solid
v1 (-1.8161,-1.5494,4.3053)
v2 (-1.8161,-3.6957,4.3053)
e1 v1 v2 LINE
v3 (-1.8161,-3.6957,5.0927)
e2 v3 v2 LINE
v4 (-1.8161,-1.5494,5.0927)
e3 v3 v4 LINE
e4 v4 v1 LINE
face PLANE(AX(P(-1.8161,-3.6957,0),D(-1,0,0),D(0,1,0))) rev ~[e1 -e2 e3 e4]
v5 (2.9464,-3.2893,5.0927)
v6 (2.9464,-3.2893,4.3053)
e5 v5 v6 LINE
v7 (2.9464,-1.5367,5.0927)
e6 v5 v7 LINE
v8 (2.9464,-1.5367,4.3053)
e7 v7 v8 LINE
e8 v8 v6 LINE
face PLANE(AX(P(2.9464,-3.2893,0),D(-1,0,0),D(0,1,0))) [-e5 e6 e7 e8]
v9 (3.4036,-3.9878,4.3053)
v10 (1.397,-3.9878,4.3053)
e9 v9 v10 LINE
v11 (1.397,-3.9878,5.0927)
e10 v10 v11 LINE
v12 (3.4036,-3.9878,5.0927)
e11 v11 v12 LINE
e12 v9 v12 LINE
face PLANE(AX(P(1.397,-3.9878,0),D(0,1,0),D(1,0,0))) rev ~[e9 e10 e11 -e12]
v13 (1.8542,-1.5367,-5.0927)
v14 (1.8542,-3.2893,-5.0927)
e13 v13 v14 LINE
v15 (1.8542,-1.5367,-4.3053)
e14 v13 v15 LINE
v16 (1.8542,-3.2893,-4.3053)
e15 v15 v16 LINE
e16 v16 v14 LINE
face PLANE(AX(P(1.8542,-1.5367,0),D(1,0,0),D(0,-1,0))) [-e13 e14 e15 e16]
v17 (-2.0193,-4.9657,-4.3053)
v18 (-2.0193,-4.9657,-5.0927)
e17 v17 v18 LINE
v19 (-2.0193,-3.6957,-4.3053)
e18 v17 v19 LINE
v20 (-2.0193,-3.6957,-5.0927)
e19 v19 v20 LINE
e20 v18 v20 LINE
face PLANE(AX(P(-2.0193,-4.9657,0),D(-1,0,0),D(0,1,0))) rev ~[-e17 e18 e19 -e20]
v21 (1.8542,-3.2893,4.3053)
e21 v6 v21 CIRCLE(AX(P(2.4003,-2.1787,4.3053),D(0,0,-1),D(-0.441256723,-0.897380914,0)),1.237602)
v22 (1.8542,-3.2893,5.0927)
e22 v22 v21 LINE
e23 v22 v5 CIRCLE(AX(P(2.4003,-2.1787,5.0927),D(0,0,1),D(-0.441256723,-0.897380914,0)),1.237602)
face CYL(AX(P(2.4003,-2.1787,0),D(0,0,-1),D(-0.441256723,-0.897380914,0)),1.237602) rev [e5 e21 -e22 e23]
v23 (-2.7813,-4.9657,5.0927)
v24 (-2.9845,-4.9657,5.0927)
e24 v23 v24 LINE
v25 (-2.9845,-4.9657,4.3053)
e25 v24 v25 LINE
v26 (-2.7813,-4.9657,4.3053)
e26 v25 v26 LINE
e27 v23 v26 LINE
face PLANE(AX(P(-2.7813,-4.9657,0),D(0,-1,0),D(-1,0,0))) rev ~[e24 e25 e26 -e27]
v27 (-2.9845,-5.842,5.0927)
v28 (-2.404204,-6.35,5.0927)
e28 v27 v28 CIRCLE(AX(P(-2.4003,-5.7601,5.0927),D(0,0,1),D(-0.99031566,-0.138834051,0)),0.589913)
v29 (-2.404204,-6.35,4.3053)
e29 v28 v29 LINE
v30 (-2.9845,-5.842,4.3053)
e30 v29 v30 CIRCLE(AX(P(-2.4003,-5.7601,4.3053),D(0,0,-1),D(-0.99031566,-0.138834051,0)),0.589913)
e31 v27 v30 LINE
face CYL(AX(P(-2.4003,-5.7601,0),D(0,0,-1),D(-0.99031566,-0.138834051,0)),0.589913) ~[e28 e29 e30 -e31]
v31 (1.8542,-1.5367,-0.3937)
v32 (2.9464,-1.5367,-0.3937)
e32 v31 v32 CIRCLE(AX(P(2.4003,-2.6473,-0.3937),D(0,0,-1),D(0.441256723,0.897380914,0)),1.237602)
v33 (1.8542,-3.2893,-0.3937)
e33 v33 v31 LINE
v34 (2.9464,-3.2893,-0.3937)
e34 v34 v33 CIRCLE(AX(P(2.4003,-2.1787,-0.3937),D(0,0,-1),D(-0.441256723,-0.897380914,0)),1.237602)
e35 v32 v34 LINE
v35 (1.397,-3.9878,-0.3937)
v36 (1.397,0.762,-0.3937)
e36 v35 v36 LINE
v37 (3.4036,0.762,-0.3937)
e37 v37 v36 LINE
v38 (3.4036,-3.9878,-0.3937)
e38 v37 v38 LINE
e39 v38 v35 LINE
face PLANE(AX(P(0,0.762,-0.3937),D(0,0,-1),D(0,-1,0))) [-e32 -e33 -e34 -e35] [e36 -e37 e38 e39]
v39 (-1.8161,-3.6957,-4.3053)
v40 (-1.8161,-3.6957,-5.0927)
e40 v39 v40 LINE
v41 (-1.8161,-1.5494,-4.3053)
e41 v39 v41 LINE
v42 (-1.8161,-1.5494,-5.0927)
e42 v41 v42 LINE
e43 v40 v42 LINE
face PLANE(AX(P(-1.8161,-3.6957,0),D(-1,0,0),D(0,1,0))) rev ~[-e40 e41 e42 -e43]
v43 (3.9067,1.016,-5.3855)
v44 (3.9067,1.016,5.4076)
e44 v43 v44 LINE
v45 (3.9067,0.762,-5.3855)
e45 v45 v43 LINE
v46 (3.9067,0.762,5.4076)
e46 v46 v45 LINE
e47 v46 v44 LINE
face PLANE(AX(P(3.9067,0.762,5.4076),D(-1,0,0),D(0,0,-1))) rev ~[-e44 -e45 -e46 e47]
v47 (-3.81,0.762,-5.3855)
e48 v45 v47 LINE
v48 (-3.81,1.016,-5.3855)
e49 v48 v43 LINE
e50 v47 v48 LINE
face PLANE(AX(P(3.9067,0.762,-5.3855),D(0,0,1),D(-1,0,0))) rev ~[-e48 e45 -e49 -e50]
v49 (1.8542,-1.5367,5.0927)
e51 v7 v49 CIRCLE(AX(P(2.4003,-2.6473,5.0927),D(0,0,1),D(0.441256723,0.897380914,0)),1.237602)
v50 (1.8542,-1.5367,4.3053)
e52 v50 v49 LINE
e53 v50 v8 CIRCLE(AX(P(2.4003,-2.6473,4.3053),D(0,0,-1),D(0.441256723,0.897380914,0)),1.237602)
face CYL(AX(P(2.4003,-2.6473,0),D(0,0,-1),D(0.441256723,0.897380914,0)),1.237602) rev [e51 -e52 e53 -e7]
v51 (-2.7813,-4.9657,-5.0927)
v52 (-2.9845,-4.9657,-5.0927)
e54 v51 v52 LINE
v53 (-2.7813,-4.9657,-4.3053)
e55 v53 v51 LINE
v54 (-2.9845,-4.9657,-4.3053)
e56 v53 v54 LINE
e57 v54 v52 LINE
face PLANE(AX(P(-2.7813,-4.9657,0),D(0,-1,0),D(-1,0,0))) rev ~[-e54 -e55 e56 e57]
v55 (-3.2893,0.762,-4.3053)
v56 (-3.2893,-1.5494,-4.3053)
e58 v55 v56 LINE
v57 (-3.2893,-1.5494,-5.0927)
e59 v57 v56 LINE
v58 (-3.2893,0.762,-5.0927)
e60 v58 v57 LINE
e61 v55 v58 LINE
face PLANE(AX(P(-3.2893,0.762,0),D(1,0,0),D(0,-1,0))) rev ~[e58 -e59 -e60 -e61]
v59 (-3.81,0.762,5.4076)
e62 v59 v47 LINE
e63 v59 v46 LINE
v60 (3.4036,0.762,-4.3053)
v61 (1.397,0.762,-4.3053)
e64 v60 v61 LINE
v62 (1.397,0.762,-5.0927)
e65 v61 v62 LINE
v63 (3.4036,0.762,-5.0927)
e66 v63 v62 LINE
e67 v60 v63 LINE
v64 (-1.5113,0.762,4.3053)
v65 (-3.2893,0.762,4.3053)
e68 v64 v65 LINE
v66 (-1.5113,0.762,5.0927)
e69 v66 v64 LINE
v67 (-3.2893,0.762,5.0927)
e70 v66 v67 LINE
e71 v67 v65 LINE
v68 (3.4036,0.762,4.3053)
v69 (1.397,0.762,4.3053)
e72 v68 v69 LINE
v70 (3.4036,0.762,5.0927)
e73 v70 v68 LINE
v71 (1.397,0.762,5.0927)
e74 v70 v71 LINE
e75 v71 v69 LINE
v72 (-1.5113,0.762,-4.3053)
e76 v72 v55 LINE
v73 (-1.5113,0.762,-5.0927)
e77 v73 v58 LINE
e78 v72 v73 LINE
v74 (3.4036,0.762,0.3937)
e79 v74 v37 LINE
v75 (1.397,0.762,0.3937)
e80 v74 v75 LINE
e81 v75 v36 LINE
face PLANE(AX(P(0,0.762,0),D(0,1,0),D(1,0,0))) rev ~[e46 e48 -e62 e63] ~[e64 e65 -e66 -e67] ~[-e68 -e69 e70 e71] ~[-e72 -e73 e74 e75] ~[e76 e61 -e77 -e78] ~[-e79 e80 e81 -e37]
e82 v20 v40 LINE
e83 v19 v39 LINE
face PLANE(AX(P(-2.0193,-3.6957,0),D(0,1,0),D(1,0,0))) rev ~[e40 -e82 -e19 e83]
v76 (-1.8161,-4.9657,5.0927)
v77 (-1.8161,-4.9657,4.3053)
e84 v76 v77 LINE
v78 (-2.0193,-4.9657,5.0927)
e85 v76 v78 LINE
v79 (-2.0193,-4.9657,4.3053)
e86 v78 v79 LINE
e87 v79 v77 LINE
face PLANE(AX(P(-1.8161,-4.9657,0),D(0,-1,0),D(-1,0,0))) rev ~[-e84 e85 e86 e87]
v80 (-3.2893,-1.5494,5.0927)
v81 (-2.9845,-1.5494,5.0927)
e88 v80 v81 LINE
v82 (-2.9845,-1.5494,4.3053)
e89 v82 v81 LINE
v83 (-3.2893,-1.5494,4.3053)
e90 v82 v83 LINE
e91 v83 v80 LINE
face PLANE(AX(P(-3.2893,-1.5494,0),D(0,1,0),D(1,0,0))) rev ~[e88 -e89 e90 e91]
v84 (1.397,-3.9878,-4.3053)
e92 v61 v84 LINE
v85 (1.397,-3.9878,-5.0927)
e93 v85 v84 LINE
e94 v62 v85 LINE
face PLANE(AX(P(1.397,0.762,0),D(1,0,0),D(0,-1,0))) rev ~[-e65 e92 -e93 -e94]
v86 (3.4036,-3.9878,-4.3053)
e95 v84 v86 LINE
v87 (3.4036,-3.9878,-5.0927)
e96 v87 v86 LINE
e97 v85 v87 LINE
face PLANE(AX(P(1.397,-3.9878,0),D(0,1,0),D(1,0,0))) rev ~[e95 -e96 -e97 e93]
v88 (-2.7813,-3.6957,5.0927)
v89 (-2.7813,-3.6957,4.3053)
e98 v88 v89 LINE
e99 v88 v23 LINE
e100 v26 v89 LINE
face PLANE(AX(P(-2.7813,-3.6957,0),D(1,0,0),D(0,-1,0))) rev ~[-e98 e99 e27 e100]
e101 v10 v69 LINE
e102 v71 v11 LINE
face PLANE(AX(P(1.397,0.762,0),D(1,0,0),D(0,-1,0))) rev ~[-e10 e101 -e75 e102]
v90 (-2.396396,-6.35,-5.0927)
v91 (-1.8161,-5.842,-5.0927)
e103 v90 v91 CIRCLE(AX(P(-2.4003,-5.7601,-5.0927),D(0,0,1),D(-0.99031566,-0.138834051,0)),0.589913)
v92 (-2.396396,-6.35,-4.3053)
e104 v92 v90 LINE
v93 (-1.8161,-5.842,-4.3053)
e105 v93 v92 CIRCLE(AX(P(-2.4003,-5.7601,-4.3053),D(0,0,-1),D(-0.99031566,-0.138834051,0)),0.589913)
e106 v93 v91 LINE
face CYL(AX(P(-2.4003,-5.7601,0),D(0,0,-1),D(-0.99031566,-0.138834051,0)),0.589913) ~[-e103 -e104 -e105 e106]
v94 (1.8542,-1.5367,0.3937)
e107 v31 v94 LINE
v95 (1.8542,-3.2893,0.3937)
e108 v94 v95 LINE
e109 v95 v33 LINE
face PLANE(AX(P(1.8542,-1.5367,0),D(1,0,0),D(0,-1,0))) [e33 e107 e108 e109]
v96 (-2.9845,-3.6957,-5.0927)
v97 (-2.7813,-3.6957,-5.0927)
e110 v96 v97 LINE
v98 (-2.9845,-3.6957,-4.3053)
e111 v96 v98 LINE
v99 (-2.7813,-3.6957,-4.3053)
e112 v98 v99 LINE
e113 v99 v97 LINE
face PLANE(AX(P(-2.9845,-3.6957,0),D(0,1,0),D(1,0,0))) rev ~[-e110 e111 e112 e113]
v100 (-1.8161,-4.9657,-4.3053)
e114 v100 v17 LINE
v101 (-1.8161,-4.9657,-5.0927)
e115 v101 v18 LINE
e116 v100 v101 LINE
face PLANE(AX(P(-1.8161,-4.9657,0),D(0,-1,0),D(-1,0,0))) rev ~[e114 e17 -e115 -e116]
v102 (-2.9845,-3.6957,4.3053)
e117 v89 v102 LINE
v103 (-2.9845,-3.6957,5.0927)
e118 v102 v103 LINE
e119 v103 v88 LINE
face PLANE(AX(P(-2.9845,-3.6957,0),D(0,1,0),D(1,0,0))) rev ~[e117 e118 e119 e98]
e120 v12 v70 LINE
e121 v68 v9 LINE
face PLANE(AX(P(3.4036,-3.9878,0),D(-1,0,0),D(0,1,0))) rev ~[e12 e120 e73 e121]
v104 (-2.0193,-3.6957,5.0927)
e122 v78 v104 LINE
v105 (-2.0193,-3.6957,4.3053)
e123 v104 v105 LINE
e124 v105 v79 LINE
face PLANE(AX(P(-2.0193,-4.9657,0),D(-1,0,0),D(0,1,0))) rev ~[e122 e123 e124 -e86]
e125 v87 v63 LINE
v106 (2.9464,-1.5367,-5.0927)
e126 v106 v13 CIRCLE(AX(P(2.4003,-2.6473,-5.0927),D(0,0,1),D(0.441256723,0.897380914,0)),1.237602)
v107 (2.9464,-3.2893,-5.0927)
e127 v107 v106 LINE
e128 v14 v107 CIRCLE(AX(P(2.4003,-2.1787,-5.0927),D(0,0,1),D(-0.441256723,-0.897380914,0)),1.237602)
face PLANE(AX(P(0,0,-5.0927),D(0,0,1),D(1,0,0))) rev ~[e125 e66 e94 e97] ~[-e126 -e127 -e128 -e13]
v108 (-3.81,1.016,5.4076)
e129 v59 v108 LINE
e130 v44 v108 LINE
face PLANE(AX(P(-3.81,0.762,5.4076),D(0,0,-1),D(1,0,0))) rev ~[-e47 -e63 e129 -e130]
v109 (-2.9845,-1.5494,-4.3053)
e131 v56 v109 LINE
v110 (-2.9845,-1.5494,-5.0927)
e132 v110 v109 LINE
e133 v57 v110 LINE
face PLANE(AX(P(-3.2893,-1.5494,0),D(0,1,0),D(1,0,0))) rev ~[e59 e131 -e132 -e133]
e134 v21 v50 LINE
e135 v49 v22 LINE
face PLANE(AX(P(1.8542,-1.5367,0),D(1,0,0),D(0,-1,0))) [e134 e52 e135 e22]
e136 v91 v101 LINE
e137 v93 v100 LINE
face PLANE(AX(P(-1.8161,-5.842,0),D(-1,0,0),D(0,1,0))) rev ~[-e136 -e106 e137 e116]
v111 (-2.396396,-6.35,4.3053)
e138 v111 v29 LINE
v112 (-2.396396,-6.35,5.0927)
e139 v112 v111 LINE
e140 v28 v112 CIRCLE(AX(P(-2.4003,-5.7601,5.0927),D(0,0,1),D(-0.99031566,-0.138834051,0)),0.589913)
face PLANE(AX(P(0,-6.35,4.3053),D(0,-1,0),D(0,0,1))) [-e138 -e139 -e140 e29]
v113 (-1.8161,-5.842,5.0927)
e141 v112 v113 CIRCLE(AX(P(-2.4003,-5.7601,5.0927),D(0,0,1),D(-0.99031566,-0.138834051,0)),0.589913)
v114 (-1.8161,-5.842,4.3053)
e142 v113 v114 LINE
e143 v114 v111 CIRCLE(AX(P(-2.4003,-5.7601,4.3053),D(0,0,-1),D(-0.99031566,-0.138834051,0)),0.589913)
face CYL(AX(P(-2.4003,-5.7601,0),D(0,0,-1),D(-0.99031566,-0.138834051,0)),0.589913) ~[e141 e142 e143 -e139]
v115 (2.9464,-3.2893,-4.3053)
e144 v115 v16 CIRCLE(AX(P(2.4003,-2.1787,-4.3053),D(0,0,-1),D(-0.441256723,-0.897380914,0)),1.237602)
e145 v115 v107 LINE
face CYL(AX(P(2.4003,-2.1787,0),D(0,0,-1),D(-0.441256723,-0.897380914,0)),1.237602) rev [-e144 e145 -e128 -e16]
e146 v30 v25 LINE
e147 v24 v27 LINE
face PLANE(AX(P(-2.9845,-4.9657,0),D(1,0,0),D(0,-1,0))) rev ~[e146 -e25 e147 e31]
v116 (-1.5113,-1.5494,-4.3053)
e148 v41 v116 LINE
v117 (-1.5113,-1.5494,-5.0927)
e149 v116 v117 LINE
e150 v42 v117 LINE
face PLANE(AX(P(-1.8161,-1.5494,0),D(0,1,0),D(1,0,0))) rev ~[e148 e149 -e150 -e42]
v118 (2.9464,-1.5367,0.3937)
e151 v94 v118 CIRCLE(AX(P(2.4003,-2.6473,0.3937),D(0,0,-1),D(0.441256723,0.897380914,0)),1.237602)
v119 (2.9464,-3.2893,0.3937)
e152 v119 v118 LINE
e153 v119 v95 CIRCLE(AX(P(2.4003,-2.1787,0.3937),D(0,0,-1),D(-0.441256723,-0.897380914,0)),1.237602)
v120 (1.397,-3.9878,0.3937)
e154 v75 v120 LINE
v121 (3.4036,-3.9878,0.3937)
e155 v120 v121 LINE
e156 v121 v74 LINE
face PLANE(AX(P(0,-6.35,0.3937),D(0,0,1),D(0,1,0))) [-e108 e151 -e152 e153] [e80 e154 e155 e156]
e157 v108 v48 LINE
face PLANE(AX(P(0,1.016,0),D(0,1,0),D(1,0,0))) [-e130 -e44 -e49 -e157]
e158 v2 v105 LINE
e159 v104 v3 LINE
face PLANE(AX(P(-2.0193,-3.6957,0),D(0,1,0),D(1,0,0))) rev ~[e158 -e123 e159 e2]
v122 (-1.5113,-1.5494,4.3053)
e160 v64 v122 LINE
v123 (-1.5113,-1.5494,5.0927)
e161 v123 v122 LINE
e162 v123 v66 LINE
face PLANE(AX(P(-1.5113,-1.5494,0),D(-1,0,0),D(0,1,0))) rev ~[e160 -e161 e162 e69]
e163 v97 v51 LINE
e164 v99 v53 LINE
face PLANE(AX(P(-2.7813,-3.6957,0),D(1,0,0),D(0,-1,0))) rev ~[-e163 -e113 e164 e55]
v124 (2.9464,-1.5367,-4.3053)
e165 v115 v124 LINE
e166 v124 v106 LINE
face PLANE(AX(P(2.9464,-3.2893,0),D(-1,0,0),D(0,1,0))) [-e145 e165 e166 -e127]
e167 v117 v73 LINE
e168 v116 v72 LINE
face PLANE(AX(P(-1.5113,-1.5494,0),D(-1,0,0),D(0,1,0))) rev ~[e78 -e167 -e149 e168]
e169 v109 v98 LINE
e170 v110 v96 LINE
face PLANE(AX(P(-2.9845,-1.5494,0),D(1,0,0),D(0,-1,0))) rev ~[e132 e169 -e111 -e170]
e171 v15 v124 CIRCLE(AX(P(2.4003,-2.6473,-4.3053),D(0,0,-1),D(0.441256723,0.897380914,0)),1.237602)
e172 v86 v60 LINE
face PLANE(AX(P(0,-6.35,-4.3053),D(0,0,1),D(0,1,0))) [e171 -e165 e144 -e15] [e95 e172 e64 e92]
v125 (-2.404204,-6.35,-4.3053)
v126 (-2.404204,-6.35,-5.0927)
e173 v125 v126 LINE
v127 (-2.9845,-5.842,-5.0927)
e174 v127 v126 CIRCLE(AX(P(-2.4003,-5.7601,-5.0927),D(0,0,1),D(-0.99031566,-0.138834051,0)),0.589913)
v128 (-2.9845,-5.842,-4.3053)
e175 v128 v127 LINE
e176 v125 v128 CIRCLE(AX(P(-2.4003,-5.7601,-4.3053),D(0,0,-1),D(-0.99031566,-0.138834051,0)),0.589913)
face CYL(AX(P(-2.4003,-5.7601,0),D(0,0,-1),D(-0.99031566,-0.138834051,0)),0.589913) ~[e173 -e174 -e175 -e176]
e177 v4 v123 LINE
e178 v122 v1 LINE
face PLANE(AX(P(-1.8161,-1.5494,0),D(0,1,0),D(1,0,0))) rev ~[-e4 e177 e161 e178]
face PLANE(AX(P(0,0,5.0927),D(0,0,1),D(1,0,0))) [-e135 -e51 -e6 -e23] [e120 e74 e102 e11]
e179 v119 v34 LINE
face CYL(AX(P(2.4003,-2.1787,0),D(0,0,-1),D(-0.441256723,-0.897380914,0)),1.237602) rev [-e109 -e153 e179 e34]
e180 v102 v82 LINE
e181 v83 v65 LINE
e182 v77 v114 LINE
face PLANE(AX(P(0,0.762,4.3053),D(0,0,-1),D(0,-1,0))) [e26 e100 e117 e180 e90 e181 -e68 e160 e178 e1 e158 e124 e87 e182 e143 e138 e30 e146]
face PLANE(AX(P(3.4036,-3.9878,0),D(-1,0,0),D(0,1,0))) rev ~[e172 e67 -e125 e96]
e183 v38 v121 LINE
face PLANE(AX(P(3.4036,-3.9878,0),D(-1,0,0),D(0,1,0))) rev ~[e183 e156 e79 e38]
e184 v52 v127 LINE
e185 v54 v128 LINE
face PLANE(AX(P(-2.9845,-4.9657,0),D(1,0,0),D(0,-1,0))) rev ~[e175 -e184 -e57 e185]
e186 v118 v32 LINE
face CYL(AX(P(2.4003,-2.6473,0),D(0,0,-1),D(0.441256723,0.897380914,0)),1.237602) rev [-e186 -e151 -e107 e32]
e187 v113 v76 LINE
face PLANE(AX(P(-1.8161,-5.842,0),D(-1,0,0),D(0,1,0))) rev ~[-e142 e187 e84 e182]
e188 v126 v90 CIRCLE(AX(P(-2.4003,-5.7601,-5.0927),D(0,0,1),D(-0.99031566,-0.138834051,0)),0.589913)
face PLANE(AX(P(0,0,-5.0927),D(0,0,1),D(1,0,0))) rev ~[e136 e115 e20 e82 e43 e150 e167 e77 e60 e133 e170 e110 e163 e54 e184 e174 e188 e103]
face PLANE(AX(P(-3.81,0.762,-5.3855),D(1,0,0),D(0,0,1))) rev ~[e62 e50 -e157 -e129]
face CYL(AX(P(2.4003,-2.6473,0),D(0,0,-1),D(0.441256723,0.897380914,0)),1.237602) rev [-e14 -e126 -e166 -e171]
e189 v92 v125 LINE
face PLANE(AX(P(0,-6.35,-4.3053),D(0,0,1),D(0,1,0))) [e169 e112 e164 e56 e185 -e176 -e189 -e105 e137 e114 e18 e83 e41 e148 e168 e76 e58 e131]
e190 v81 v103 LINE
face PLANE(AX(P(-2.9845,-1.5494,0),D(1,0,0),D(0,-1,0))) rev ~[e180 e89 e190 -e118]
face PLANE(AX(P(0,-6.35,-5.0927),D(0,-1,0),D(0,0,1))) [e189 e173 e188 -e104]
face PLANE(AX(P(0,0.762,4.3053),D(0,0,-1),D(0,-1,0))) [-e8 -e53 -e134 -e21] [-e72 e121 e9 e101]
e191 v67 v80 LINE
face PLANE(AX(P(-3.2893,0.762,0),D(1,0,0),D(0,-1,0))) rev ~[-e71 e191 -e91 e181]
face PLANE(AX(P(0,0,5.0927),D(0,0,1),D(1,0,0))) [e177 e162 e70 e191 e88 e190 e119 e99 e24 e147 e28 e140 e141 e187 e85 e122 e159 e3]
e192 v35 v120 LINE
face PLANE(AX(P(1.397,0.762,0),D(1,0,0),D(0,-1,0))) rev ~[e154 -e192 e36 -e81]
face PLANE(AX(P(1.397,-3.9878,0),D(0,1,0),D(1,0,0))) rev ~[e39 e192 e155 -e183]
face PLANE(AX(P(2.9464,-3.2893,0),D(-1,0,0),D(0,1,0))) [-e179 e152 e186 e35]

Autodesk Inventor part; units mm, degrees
sketch "Sketch_1" plane through (0, 0.762, 0) normal (0, 1, 0) x (1, 0, 0)
  line L0 (-6.096, 6.096) -> (-6.096, -6.096)
  line L1 (-6.096, -6.096) -> (6.096, -6.096)
  line L2 (6.096, -6.096) -> (6.096, 6.096)
  line L3 (6.096, 6.096) -> (-6.096, 6.096)
extrude "Extrusion1" add sketch "Sketch_1" along normal blind 0.254
sketch "Sketch_2" plane through (0, 0, 0) normal (0, 0, 1) x (1, 0, 0)
  line L0 (1.397, -3.9878) -> (3.4036, -3.9878)
  line L1 (3.4036, -3.9878) -> (3.4036, 0.762)
  line L2 (3.4036, 0.762) -> (1.397, 0.762)
  line L3 (1.397, 0.762) -> (1.397, -3.9878)
  line L4 (1.8542, -1.5367) -> (1.8542, -3.2893)
  arc A0 (1.8542, -3.2893) -> (2.9464, -3.2893) centre (2.4003, -2.1787) ccw
  line L5 (2.9464, -3.2893) -> (2.9464, -1.5367)
  arc A1 (2.9464, -1.5367) -> (1.8542, -1.5367) centre (2.4003, -2.6473) ccw
extrude "Extrusion2" add sketch "Sketch_2" along normal mid plane 10.1854
sketch "Sketch_3" plane through (0, 0, 0) normal (0, 0, 1) x (1, 0, 0)
  line L0 (-3.2893, -1.5494) -> (-2.9845, -1.5494)
  line L1 (-2.9845, -1.5494) -> (-2.9845, -3.6957)
  line L2 (-2.9845, -3.6957) -> (-2.7813, -3.6957)
  line L3 (-2.7813, -3.6957) -> (-2.7813, -4.9657)
  line L4 (-2.7813, -4.9657) -> (-2.9845, -4.9657)
  line L5 (-2.9845, -4.9657) -> (-2.9845, -5.842)
  arc A0 (-2.9845, -5.842) -> (-1.8161, -5.842) centre (-2.4003, -5.7601) ccw
  line L6 (-1.8161, -5.842) -> (-1.8161, -4.9657)
  line L7 (-1.8161, -4.9657) -> (-2.0193, -4.9657)
  line L8 (-2.0193, -4.9657) -> (-2.0193, -3.6957)
  line L9 (-2.0193, -3.6957) -> (-1.8161, -3.6957)
  line L10 (-1.8161, -3.6957) -> (-1.8161, -1.5494)
  line L11 (-1.8161, -1.5494) -> (-1.5113, -1.5494)
  line L12 (-1.5113, -1.5494) -> (-1.5113, 0.762)
  line L13 (-1.5113, 0.762) -> (-3.2893, 0.762)
  line L14 (-3.2893, 0.762) -> (-3.2893, -1.5494)
extrude "Extrusion3" add sketch "Sketch_3" along normal mid plane 10.1854
sketch "Sketch_4" plane through (0, 0, 0) normal (1, 0, 0) x (0, 1, 0)
  line L0 (-7.1882, 5.9756) -> (-7.1882, -5.9196)
  line L1 (-7.1882, -5.9196) -> (0.762, -5.9196)
  line L2 (0.762, -5.9196) -> (0.762, -5.0927)
  line L3 (0.762, -5.0927) -> (-6.35, -5.0927)
  line L4 (-6.35, -5.0927) -> (-6.35, -4.3053)
  line L5 (-6.35, -4.3053) -> (0.762, -4.3053)
  line L6 (0.762, -4.3053) -> (0.762, -0.3937)
  line L7 (0.762, -0.3937) -> (-6.35, -0.3937)
  line L8 (-6.35, -0.3937) -> (-6.35, 0.3937)
  line L9 (-6.35, 0.3937) -> (0.762, 0.3937)
  line L10 (0.762, 0.3937) -> (0.762, 4.3053)
  line L11 (0.762, 4.3053) -> (-6.35, 4.3053)
  line L12 (-6.35, 4.3053) -> (-6.35, 5.0927)
  line L13 (-6.35, 5.0927) -> (0.762, 5.0927)
  line L14 (0.762, 5.0927) -> (0.762, 5.9756)
  line L15 (0.762, 5.9756) -> (-7.1882, 5.9756)
extrude "Extrusion4" cut sketch "Sketch_4" along normal mid plane 10.16
sketch "Sketch_19" plane through (0, 0.762, 0) normal (0, 1, 0) x (1, 0, 0)
  line L0 (-6.096, 6.096) -> (-6.096, -6.096)
  line L1 (-6.096, -6.096) -> (6.096, -6.096)
  line L2 (6.096, -6.096) -> (6.096, 6.096)
  line L3 (6.096, 6.096) -> (-6.096, 6.096)
  line L4 (-3.81, -5.4076) -> (3.9067, -5.4076)
  line L5 (3.9067, -5.4076) -> (3.9067, 5.3855)
  line L6 (3.9067, 5.3855) -> (-3.81, 5.3855)
  line L7 (-3.81, 5.3855) -> (-3.81, -5.4076)
extrude "Extrusion5" cut sketch "Sketch_19" along normal blind 2.54
sketch "Sketch_24" plane through (0, 0, 0) normal (0, 0, 1) x (1, 0, 0)
  line L0 (-8.7503, -7.62) -> (-1.2573, -7.62)
  line L1 (-1.2573, -7.62) -> (-1.2573, 0.762)
  line L2 (-1.2573, 0.762) -> (-8.7503, 0.762)
  line L3 (-8.7503, 0.762) -> (-8.7503, -7.62)
extrude "Extrusion6" cut sketch "Sketch_24" along normal mid plane 2.54
ref_plane "terminal_to_body_XY" through (0, 0, 0) normal (0, 1, 0) x (1, 0, 0)
ref_plane "terminal_to_body_YZ" through (0, 0, 0) normal (1, 0, 0) x (0, 0, -1)
ref_plane "terminal_to_body_ZX" through (0, 0, 0) normal (0, 0, -1) x (0, 1, 0)
properties part number "M211LCW01-terminals"
